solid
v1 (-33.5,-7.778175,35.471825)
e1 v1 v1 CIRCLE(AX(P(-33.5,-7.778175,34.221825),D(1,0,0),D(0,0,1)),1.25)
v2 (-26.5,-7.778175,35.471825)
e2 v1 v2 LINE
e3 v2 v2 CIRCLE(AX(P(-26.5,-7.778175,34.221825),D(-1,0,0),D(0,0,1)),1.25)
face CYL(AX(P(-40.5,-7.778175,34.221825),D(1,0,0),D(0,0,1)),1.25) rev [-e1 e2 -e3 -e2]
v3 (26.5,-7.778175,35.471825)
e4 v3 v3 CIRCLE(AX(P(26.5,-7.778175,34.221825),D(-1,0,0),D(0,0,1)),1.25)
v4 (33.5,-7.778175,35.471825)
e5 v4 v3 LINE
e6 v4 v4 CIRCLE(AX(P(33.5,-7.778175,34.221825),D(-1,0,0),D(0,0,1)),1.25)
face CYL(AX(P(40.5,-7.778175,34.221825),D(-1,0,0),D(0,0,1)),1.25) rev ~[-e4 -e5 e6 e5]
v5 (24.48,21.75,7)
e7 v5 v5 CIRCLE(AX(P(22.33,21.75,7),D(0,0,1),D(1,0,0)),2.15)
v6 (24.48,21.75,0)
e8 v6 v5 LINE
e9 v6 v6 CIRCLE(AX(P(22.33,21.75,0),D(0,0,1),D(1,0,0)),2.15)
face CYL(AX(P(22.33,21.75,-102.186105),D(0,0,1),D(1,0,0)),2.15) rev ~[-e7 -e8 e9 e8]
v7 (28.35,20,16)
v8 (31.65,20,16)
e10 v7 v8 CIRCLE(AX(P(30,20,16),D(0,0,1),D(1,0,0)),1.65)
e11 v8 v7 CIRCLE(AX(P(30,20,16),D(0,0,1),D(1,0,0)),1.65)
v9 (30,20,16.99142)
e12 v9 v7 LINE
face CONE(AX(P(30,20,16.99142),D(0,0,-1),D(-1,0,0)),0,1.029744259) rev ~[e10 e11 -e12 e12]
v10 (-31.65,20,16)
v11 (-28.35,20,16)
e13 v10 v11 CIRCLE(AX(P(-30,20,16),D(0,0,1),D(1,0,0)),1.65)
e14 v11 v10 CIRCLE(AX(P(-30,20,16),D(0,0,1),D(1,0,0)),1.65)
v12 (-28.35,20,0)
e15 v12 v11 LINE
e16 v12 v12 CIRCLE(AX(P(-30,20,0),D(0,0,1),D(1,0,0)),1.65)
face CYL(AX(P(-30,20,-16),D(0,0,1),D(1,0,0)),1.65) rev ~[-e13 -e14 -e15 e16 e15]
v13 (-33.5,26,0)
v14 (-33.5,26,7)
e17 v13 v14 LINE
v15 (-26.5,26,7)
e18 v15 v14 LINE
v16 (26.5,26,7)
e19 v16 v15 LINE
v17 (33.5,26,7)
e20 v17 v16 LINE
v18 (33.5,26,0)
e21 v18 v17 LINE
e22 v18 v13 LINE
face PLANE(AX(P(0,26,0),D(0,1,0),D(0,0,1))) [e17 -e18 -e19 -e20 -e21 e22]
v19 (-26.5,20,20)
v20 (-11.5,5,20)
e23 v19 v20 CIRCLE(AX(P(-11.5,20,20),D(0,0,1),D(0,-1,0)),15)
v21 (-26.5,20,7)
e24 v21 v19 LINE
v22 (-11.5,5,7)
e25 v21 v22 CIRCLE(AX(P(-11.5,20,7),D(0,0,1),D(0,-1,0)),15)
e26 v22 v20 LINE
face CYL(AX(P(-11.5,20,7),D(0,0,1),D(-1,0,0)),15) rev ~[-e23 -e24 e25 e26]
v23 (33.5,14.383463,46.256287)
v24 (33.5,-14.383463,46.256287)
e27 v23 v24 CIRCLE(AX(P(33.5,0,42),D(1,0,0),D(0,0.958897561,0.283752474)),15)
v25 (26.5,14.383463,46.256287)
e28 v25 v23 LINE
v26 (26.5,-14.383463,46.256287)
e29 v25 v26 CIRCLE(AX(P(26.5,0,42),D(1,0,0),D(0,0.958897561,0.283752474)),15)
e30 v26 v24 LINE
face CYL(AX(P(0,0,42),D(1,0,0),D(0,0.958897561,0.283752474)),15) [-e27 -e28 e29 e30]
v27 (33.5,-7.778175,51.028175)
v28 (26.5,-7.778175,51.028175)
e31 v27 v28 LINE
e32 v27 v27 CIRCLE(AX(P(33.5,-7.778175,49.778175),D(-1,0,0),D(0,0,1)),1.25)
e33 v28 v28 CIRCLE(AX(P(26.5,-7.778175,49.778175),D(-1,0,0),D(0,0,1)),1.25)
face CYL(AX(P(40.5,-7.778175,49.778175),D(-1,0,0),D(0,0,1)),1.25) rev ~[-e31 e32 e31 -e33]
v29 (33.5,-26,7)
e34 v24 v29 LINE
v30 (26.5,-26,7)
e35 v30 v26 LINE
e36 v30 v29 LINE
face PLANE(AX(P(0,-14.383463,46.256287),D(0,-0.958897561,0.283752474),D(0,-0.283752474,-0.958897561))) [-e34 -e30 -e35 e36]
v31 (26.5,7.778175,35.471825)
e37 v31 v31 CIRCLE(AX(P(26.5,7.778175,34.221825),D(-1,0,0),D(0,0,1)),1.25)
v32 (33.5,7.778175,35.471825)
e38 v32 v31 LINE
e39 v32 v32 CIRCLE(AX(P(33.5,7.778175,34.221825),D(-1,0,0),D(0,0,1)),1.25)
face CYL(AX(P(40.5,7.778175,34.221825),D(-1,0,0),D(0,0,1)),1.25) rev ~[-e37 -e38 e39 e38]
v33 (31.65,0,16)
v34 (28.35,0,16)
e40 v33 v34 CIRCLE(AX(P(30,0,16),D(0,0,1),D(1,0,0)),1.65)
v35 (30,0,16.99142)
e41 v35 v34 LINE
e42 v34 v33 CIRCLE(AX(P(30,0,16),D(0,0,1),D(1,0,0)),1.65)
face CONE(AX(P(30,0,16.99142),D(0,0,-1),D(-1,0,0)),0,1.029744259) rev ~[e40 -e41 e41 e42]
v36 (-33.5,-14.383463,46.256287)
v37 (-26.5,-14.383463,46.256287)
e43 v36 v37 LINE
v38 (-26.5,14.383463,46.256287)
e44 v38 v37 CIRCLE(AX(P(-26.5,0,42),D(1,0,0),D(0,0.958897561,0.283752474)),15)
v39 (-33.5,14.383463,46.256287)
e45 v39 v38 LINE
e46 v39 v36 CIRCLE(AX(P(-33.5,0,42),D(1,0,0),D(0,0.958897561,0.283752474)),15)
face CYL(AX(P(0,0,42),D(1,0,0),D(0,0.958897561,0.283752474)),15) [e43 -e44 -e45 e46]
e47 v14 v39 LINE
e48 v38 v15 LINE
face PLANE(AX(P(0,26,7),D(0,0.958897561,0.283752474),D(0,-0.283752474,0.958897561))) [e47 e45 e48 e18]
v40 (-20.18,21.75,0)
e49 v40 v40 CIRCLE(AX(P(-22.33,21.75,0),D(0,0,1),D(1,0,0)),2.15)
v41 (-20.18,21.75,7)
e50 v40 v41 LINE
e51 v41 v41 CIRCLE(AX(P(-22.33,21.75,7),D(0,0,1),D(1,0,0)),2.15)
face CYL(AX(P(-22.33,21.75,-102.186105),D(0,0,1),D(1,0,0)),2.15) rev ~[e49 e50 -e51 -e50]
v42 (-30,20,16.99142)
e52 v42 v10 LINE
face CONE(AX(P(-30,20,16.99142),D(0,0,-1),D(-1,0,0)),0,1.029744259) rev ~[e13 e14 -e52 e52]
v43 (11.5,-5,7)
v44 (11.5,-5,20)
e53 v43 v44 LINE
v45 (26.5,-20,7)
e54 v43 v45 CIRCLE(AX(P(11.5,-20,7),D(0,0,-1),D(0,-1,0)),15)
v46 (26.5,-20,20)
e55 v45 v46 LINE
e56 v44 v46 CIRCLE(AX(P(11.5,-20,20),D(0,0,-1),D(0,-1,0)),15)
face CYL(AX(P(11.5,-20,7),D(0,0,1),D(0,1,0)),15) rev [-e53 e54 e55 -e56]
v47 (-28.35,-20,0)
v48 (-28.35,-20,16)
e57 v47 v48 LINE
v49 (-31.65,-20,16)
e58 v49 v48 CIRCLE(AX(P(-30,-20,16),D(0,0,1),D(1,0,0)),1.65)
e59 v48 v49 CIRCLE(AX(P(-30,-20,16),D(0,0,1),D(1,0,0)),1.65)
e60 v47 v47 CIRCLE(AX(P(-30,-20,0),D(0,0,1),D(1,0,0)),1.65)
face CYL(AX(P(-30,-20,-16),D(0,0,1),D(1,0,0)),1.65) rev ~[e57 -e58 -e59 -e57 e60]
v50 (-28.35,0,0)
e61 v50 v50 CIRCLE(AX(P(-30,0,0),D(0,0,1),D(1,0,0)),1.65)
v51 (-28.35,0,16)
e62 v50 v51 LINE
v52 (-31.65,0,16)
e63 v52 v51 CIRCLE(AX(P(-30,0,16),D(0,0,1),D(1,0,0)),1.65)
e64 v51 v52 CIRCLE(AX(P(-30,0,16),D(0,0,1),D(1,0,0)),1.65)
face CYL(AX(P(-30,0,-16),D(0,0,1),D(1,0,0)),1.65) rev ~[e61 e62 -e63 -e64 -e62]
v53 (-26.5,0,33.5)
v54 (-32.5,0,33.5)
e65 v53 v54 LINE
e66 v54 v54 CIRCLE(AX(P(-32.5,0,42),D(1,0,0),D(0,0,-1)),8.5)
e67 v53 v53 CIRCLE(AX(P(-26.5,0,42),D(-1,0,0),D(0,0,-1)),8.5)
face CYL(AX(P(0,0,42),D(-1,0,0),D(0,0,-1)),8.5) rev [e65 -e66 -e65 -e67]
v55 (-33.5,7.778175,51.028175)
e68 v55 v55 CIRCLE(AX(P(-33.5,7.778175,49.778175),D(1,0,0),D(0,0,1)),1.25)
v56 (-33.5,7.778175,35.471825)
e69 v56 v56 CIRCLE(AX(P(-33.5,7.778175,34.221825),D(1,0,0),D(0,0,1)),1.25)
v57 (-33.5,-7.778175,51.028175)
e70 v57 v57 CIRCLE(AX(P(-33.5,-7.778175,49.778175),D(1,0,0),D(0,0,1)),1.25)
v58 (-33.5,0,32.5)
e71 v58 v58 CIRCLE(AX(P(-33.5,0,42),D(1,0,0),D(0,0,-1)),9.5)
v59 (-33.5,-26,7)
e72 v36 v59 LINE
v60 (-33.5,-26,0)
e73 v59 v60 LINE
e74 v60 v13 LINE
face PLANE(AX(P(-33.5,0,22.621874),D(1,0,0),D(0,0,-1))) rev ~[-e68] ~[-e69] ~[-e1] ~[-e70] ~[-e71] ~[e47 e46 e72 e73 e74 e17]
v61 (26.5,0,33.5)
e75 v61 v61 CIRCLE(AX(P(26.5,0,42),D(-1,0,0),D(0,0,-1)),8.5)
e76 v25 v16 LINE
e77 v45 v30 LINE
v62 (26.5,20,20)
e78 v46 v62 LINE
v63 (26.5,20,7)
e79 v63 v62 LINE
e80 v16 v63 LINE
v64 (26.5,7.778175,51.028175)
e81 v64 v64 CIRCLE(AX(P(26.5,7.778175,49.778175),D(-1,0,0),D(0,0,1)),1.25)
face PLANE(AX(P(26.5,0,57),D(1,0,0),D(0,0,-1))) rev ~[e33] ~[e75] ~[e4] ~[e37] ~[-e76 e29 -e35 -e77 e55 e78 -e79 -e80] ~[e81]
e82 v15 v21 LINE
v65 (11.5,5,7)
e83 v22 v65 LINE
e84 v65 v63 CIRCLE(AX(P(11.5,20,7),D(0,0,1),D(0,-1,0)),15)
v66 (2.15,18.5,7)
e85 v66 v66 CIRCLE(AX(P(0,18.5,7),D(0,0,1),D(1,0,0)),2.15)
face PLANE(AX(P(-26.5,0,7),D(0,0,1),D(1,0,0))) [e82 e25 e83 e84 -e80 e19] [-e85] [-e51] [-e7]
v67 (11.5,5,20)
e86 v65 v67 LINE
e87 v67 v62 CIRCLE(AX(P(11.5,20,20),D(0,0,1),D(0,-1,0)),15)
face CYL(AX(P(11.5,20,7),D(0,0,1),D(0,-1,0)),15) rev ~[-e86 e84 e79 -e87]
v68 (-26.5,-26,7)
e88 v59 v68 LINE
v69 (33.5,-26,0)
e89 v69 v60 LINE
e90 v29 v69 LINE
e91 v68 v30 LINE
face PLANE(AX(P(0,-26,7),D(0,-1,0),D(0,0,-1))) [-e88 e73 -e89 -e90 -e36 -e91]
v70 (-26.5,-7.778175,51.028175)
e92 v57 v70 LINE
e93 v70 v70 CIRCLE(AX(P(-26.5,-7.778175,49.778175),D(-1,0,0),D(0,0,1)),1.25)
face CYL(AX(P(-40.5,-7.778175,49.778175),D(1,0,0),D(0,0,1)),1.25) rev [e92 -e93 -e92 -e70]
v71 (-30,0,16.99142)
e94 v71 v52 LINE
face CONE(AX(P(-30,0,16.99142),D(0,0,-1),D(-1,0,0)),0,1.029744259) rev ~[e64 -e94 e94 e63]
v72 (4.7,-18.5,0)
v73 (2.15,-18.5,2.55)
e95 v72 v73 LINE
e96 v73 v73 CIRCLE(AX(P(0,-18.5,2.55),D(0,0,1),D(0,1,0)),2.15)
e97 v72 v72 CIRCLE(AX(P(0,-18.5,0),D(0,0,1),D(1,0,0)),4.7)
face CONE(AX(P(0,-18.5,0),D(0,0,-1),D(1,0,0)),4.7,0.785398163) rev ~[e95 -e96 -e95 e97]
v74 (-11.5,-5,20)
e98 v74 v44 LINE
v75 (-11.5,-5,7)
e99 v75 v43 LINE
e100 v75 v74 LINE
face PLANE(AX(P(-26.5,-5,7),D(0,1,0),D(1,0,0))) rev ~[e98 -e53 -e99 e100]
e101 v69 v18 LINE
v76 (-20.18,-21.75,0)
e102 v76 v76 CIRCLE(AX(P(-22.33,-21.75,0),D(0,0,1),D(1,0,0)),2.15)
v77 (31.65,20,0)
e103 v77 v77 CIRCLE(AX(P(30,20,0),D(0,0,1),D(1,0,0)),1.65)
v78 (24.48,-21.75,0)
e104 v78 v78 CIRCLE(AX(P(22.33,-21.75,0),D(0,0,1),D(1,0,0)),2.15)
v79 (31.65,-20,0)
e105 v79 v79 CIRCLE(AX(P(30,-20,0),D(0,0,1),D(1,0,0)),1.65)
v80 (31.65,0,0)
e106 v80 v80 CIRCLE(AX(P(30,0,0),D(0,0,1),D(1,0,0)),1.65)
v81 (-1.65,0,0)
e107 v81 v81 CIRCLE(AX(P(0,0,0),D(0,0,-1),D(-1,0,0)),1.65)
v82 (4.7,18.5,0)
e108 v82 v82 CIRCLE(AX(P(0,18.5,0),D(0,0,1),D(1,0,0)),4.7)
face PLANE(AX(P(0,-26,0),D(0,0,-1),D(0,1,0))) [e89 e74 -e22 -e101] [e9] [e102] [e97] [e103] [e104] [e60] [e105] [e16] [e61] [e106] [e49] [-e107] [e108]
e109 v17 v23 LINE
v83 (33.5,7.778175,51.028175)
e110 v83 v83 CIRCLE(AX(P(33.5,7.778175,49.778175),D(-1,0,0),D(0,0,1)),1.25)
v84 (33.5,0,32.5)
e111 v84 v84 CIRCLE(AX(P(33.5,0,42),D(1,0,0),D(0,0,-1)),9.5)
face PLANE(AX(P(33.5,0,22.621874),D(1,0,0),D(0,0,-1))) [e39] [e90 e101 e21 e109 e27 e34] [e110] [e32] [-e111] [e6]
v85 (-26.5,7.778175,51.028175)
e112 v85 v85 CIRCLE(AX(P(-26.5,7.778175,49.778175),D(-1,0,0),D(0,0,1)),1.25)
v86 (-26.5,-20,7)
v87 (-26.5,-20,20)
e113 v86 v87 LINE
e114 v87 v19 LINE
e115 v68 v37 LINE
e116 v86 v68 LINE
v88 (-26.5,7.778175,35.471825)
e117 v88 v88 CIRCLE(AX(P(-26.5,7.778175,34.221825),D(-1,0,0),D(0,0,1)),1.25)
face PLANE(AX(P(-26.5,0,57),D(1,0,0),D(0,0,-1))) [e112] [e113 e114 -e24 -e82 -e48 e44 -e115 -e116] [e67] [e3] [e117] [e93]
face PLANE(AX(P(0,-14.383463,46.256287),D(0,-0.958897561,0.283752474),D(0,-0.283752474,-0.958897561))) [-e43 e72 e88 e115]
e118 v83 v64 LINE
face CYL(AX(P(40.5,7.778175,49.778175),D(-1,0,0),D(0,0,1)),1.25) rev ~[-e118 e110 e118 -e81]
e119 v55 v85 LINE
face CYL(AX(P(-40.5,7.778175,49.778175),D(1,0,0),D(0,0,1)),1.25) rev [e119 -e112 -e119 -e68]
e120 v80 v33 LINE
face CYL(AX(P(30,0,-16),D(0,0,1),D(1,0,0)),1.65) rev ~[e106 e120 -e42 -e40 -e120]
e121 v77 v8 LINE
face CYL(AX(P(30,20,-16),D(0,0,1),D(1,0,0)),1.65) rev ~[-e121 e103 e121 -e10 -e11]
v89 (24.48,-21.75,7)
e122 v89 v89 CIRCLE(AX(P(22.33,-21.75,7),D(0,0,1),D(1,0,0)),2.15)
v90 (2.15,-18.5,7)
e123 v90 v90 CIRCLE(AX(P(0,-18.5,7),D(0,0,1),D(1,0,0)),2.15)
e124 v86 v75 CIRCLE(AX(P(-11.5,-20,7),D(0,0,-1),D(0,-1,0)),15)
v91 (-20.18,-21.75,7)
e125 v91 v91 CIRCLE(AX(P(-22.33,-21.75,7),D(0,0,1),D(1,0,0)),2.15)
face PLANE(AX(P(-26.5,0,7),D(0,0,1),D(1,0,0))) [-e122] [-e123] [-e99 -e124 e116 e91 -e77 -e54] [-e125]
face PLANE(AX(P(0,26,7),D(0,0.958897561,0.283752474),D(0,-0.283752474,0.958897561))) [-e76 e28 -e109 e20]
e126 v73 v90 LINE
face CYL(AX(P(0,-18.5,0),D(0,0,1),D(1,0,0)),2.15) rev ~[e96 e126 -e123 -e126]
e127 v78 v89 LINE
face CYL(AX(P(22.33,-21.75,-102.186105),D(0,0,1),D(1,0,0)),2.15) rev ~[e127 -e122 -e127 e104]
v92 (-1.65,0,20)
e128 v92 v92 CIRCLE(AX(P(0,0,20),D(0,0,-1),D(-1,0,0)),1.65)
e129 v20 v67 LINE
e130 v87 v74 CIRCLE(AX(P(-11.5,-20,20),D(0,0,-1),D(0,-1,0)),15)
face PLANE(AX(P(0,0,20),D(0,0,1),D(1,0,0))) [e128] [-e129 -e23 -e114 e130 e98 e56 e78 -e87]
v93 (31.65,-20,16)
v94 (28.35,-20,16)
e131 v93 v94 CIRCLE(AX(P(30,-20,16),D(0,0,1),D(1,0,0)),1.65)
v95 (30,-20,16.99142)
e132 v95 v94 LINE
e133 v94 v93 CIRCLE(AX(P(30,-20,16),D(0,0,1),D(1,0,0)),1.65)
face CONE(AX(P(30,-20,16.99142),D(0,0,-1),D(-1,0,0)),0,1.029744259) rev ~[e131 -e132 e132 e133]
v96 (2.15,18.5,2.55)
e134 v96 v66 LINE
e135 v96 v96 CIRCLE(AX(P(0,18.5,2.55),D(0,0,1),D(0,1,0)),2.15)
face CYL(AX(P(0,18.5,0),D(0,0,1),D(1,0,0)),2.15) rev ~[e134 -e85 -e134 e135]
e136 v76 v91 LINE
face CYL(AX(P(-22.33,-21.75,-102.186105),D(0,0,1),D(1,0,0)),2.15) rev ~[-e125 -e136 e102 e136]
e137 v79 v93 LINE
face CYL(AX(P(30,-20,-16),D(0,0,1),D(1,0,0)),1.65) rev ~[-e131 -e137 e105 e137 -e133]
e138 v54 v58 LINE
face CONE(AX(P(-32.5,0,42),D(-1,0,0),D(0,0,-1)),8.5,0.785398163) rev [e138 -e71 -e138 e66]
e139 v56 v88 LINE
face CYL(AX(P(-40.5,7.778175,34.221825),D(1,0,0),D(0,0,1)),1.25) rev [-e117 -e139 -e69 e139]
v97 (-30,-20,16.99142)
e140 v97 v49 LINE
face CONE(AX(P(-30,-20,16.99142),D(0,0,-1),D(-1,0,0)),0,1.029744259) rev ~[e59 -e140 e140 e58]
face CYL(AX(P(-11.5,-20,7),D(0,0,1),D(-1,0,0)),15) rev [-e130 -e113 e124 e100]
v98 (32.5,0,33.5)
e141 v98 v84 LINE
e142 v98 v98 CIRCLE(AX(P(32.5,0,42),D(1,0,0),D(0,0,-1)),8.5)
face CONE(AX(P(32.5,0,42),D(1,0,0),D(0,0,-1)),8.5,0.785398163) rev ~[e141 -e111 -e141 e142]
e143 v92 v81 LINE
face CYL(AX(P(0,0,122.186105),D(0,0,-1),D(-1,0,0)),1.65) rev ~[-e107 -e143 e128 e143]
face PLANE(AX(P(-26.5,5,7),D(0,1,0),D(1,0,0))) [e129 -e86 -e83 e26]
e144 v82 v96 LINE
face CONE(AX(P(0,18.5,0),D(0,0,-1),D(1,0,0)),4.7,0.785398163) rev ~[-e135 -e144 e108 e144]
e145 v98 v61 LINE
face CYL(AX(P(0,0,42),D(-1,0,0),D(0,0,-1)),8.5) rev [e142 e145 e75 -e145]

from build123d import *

# Parameters (mm, degrees)
SKETCH1_R                                           = 8.5
BOSS_EXTRUDE1_DEPTH                                 = 33.5
SKETCH2_W                                           = 53
SKETCH2_H                                           = 50
CUT_EXTRUDE1_DEPTH                                  = 30
SKETCH3_W                                           = 53
SKETCH3_H                                           = 10
BOSS_EXTRUDE2_DEPTH                                 = 13
FILLET1_R                                           = 15
CSK_FOR_M4_COUNTERSUNK_FLAT_HEAD_SCREW1_D           = 4.3
CSK_FOR_M4_COUNTERSUNK_FLAT_HEAD_SCREW1_CSINK_D     = 9.4
CSK_FOR_M4_COUNTERSUNK_FLAT_HEAD_SCREW1_CSINK_ANGLE = 90
M4_TAPPED_HOLE1_D                                   = 3.3
CHAMFER1_SIZE                                       = 1
M3_TAPPED_HOLE2_D                                   = 2.5
M3_TAPPED_HOLE2_DEPTH                               = 7
M4_TAPPED_HOLE2_D                                   = 3.3
M4_TAPPED_HOLE2_DEPTH                               = 16
M4_TAPPED_HOLE2_TIP                                 = 0.991420021
M4_CLEARANCE_HOLE1_D                                = 4.3


with BuildPart() as part:
    # Sketch1 → Boss-Extrude1 (new, symmetric)
    with BuildSketch(Plane(origin=(0, 0, 0), x_dir=(0, 0, -1), z_dir=(1, 0, 0))):
        with BuildLine():
            Line((-7, 26), (-46.256287113, 14.383463422))
            ThreePointArc((-46.256287113, 14.383463422), (-57, 0), (-46.256287113, -14.383463422))
            Line((-46.256287113, -14.383463422), (-7, -26))
            Line((-7, -26), (0, -26))
            Line((0, -26), (0, 26))
            Line((0, 26), (-7, 26))
        make_face()
        with Locations((-42, 0)):
            Circle(SKETCH1_R, mode=Mode.SUBTRACT)
    extrude(amount=BOSS_EXTRUDE1_DEPTH, both=True)

    # Sketch2 → Cut-Extrude1 (cut, symmetric)
    with BuildSketch(Plane(origin=(0, 0, 0), x_dir=(1, 0, 0), z_dir=(0, 1, 0))):
        with Locations((0, -32)):
            Rectangle(SKETCH2_W, SKETCH2_H)
    extrude(amount=CUT_EXTRUDE1_DEPTH, both=True, mode=Mode.SUBTRACT)

    # Sketch3 → Boss-Extrude2 (add)
    with BuildSketch(Plane.XY.offset(7)):
        Rectangle(SKETCH3_W, SKETCH3_H)
    extrude(amount=BOSS_EXTRUDE2_DEPTH)

    # Fillet1
    fillet1_edges = [part.edges().sort_by_distance(p)[0] for p in [
        (-26.5, 5, 13.5),
        (-26.5, -5, 13.5),
        (26.5, -5, 13.5),
        (26.5, 5, 13.5),
    ]]
    fillet(fillet1_edges, radius=FILLET1_R)

    # CSK for M4 Countersunk Flat Head Screw1 (through all)
    with Locations(Plane(origin=(0, 0, 0), x_dir=(-1, 0, 0), z_dir=(0, 0, -1))):
        with Locations((0, 18.5), (0, -18.5)):
            CounterSinkHole(CSK_FOR_M4_COUNTERSUNK_FLAT_HEAD_SCREW1_D / 2, CSK_FOR_M4_COUNTERSUNK_FLAT_HEAD_SCREW1_CSINK_D / 2, counter_sink_angle=CSK_FOR_M4_COUNTERSUNK_FLAT_HEAD_SCREW1_CSINK_ANGLE)

    # M4 Tapped Hole1 (through all)
    with Locations(Plane.XY.offset(20)):
        with Locations((0, 0)):
            Hole(M4_TAPPED_HOLE1_D / 2)

    # Chamfer1
    chamfer1_edges = [part.edges().sort_by_distance(p)[0] for p in [
        (-33.5, 0, 50.5),
        (33.5, 0, 50.5),
    ]]
    chamfer(chamfer1_edges, length=CHAMFER1_SIZE)

    # M3 Tapped Hole2
    with Locations(Plane(origin=(33.5, 0, 0), x_dir=(0, 0, -1), z_dir=(1, 0, 0))):
        with Locations((-34.221825407, 7.778174593), (-49.778174593, 7.778174593), (-34.221825407, -7.778174593), (-49.778174593, -7.778174593)):
            m3_tapped_hole2 = Hole(M3_TAPPED_HOLE2_D / 2, depth=M3_TAPPED_HOLE2_DEPTH)

    # Mirror1: M3 Tapped Hole2 across plane
    add(m3_tapped_hole2.mirror(Plane(origin=(0, 0, 0), x_dir=(0, 0, 1), z_dir=(1, 0, 0))), mode=Mode.SUBTRACT)

    # M4 Tapped Hole2
    with Locations(Plane(origin=(0, 0, 0), x_dir=(-1, 0, 0), z_dir=(0, 0, -1))):
        with Locations((-30, 20), (-30, -20), (30, 20), (30, -20), (-30, 0), (30, 0)):
            Hole(M4_TAPPED_HOLE2_D / 2, depth=M4_TAPPED_HOLE2_DEPTH)
            with Locations((0, 0, -(M4_TAPPED_HOLE2_DEPTH + M4_TAPPED_HOLE2_TIP / 2))):  # 118° drill point
                Cone(0, M4_TAPPED_HOLE2_D / 2, M4_TAPPED_HOLE2_TIP, mode=Mode.SUBTRACT)

    # M4 Clearance Hole1 (through all)
    with Locations(Plane(origin=(0, 0, 0), x_dir=(-1, 0, 0), z_dir=(0, 0, -1))):
        with Locations((-22.33, 21.75), (22.33, -21.75), (22.33, 21.75), (-22.33, -21.75)):
            Hole(M4_CLEARANCE_HOLE1_D / 2)


solid = part.part
